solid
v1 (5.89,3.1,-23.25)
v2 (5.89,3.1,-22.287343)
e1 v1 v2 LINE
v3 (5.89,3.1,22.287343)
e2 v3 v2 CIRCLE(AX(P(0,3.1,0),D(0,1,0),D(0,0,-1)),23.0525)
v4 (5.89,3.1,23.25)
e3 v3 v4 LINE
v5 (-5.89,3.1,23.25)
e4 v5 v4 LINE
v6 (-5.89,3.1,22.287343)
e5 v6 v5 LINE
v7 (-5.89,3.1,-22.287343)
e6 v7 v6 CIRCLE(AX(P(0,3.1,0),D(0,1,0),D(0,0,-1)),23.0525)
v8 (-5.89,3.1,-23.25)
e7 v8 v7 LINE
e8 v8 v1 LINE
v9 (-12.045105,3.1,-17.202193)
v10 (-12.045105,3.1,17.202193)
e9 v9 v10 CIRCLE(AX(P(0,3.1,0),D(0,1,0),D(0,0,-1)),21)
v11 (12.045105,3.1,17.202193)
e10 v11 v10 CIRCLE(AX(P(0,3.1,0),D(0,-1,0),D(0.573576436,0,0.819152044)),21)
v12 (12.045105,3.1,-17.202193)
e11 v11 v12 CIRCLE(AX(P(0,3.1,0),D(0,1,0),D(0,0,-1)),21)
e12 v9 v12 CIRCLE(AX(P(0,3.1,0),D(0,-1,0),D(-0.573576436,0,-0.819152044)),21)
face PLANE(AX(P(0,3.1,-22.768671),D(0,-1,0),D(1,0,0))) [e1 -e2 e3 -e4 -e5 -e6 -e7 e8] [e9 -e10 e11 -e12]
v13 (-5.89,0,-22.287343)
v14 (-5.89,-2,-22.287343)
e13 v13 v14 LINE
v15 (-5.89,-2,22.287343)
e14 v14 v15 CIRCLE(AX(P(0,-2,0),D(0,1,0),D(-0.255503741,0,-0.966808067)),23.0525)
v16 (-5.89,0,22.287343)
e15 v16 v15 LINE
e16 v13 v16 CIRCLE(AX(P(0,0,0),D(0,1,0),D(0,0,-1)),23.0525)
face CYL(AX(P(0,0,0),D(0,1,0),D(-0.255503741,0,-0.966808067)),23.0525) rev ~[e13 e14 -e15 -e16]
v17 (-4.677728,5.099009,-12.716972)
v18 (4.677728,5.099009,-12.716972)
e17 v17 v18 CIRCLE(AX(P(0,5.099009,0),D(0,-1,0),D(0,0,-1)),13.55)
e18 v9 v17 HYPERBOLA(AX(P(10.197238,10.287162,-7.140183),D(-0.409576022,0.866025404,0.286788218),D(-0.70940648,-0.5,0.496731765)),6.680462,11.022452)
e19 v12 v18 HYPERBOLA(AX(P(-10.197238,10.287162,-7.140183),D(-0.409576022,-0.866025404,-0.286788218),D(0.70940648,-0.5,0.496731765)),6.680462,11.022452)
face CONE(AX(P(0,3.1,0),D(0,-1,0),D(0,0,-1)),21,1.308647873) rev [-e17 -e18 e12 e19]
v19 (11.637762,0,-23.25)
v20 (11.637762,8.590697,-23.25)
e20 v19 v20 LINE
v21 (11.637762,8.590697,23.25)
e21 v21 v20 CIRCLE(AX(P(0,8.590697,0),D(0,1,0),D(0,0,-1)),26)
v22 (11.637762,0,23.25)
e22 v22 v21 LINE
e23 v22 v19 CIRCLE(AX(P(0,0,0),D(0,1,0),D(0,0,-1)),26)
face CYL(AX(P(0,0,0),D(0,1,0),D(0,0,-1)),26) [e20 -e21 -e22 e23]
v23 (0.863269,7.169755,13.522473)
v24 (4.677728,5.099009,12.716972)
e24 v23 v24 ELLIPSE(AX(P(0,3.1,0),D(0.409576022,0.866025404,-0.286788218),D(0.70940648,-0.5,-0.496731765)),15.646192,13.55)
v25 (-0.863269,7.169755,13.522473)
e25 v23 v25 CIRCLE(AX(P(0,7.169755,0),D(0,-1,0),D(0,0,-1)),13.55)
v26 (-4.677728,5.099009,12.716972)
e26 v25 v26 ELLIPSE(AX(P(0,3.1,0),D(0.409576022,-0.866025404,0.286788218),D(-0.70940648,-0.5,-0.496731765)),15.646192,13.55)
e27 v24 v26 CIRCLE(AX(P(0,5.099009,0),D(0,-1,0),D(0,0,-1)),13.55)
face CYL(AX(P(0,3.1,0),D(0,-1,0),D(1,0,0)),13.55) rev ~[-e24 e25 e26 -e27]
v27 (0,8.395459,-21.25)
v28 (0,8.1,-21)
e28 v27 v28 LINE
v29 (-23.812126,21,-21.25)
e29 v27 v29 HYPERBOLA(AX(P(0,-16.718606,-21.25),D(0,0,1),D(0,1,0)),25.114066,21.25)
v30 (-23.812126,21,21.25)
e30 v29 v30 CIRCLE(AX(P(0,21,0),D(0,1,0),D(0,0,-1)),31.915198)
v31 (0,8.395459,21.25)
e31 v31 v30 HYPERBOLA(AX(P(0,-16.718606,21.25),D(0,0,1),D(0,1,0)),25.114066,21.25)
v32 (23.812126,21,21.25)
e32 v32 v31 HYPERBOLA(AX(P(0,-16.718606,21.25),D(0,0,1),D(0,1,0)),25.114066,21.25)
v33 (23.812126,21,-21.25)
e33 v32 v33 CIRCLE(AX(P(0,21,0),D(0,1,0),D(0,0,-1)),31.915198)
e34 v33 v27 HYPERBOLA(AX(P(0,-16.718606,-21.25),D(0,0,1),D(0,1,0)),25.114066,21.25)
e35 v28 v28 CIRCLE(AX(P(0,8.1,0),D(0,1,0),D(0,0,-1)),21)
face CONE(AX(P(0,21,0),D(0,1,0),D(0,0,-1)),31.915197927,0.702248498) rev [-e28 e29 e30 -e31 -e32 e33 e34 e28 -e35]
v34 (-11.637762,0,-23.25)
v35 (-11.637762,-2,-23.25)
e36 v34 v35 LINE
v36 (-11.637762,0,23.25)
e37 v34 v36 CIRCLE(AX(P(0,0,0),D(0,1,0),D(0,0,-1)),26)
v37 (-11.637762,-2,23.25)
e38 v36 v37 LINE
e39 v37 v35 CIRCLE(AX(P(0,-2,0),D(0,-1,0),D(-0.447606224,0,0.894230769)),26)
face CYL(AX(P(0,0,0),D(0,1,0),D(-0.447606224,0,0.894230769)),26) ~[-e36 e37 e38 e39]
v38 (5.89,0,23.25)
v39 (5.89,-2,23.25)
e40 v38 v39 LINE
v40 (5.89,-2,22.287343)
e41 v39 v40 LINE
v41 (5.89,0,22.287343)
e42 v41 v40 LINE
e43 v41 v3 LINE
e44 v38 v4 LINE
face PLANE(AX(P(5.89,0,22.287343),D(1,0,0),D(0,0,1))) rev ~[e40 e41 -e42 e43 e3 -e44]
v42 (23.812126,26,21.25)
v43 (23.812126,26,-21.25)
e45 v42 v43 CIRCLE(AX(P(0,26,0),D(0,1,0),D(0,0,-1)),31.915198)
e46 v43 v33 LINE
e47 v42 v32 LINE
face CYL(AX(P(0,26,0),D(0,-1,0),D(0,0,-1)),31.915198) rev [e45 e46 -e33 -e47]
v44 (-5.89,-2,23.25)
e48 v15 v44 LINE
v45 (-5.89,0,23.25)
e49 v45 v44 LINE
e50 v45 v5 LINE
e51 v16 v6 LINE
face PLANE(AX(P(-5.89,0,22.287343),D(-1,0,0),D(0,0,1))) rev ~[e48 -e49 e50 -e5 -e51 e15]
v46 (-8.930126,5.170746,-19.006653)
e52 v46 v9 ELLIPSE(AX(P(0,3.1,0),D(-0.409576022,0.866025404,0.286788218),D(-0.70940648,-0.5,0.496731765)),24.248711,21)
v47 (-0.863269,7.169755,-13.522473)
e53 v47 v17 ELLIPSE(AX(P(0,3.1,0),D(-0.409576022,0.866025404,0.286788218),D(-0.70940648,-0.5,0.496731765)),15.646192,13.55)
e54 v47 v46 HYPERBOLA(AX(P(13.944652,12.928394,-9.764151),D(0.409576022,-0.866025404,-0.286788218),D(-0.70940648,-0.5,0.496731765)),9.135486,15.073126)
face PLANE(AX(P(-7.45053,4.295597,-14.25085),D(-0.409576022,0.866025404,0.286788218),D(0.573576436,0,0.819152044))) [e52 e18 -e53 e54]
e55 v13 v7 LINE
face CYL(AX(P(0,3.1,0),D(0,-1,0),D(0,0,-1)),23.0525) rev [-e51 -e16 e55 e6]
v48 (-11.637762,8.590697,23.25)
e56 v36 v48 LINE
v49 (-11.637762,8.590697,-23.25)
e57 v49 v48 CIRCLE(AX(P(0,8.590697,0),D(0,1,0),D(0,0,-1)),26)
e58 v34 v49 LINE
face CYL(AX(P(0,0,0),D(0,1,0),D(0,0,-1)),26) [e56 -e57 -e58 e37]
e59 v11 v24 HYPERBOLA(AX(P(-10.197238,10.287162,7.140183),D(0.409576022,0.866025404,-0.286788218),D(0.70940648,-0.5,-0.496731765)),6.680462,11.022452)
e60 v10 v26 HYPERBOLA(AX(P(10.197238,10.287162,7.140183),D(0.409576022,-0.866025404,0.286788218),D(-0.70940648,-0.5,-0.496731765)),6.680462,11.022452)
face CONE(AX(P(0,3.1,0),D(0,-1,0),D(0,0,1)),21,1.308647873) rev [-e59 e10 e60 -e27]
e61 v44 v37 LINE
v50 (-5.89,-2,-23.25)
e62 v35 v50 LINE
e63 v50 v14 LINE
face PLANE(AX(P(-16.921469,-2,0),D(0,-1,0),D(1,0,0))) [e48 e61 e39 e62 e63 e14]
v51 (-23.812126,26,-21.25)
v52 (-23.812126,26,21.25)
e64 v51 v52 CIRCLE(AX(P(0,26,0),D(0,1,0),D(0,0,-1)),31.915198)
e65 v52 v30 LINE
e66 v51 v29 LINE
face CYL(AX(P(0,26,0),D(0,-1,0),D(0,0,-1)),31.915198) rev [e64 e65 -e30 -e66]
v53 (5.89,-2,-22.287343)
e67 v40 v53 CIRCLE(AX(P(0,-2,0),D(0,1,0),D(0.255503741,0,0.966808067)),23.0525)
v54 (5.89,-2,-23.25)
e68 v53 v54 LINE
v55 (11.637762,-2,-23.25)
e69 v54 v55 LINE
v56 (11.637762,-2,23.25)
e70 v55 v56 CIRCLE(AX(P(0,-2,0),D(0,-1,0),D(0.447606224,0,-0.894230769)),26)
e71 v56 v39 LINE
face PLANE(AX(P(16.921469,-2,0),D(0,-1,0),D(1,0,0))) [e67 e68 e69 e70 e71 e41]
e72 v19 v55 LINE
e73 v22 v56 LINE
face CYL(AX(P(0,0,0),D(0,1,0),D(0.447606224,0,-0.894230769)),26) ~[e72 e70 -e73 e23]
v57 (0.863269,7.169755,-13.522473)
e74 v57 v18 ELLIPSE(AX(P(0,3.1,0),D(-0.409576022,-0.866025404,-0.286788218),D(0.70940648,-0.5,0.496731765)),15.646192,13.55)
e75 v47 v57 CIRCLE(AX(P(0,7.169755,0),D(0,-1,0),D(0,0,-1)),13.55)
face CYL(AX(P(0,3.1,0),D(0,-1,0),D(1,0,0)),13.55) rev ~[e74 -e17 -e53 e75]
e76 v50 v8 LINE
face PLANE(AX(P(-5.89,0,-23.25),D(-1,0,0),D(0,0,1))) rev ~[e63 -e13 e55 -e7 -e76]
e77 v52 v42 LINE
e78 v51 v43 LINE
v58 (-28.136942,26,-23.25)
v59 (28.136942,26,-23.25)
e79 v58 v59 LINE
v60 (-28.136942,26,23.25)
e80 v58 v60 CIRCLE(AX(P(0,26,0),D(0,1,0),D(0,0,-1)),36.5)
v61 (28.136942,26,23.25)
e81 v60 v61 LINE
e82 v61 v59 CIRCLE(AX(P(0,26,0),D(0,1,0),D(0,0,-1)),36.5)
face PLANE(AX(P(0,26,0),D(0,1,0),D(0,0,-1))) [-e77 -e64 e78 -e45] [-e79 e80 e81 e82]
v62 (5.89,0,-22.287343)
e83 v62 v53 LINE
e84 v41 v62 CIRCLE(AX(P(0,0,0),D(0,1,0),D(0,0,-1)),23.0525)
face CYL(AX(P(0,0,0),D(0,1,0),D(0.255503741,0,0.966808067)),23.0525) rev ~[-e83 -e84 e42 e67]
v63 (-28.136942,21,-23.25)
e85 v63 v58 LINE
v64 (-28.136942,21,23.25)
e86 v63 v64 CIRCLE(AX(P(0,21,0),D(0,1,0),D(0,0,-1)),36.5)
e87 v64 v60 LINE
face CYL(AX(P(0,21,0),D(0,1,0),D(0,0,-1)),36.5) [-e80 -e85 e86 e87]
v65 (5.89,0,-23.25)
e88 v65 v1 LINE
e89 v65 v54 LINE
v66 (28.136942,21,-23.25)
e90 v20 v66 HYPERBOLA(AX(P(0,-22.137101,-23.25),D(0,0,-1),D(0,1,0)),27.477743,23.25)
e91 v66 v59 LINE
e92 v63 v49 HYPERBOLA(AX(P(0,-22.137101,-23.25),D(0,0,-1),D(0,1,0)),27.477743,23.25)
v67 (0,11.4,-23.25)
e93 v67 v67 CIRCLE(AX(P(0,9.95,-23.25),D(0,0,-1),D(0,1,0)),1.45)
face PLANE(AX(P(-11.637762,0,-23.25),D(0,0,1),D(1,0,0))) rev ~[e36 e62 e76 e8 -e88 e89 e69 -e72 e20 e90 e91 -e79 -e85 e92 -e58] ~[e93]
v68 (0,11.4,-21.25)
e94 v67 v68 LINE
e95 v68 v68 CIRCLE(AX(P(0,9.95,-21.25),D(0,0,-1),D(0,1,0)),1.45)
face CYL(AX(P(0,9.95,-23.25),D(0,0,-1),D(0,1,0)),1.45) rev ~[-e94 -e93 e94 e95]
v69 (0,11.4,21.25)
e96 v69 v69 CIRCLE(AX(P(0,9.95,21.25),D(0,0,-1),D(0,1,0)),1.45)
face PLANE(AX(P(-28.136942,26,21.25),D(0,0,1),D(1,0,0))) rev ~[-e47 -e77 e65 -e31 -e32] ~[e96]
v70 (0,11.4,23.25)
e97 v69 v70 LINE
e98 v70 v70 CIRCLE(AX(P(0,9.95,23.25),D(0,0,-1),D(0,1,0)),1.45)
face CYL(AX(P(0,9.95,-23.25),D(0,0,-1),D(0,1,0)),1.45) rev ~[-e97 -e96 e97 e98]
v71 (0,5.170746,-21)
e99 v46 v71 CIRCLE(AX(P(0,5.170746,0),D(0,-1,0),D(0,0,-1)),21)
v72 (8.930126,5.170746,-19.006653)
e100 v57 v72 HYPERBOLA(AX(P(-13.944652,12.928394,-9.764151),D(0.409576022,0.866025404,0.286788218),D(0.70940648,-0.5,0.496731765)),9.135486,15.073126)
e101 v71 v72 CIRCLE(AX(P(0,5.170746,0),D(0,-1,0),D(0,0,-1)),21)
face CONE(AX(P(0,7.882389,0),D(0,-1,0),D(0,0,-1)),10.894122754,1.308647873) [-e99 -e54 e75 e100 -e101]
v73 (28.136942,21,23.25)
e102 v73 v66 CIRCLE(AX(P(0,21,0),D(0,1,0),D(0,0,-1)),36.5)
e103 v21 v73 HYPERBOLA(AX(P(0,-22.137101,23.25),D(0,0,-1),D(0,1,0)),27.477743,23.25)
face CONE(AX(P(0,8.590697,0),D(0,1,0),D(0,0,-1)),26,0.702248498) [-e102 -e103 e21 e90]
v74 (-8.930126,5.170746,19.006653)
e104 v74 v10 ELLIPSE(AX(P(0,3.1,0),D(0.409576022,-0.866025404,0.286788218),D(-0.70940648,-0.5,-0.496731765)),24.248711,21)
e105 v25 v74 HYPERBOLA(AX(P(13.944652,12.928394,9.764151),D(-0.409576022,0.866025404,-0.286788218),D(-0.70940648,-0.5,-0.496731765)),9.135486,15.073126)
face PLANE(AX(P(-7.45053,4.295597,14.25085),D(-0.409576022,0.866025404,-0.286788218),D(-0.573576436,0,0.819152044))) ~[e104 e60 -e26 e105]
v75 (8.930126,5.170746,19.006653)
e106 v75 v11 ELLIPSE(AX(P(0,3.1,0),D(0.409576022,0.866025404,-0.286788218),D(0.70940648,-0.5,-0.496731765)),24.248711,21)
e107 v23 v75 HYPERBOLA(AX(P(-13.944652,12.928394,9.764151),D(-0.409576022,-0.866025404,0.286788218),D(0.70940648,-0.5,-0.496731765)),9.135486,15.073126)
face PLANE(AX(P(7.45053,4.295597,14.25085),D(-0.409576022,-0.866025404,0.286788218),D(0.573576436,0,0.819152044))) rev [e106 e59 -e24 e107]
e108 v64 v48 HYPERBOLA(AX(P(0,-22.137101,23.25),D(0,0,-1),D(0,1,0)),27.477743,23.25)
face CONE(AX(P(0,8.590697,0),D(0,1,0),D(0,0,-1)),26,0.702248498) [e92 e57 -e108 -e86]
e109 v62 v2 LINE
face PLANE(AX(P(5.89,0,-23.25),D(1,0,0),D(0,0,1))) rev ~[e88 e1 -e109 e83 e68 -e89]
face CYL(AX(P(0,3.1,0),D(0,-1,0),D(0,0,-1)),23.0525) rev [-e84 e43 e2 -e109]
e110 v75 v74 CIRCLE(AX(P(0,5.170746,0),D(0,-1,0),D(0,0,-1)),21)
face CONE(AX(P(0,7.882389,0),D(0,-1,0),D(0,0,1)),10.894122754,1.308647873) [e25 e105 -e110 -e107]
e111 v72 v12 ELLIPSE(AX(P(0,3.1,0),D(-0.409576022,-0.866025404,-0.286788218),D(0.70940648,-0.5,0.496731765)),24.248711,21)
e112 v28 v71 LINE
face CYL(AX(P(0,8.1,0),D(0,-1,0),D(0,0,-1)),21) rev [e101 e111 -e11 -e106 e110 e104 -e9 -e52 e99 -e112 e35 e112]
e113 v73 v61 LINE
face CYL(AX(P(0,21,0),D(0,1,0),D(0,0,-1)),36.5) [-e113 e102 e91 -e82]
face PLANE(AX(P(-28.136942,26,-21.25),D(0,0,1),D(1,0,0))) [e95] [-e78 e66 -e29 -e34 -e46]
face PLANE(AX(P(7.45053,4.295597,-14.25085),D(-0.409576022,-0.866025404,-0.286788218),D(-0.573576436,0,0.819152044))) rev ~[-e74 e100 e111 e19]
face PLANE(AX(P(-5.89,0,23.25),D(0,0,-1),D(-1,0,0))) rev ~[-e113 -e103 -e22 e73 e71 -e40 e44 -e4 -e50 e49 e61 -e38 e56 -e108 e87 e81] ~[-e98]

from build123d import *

# Parameters (mm, degrees)
SKETCH2_W           = 56.273883818
SKETCH2_H           = 13.25
CUT_EXTRUDE1_DEPTH  = 58.797058749
BOSS_EXTRUDE2_REACH = 52.486
SKETCH6_W           = 56.273883818
SKETCH6_H           = 2
SKETCH3_W           = 11.78
SKETCH3_H           = 0.962657039
CUT_EXTRUDE2_DEPTH  = 3.1
SKETCH7_R           = 1.45
CUT_EXTRUDE3_DEPTH  = 65.579408483
REVOLVE2_ANGLE      = 70
BOSS_EXTRUDE5_DEPTH = 2
SKETCH16_R          = 13.55
CUT_EXTRUDE6_DEPTH  = 49.961438909
DRAFT11_ANGLE       = -60


with BuildPart() as part:
    # Sketch1 → Revolve1 (revolve)
    with BuildSketch(Plane(origin=(0, 0, 0), x_dir=(0, 0, -1), z_dir=(1, 0, 0)), mode=Mode.PRIVATE) as revolve1_sk:
        Polygon((-26, 0), (-26, 8.590696852), (-36.5, 21), (-36.5, 26), (-31.915197927, 26), (-31.915197927, 21), (-21, 8.1), (-21, 3.1), (-23.0525, 3.1), (-23.0525, 0), align=None)
    revolve(revolve1_sk.sketch.rotate(Axis((0, 0, 0), (0, 1, 0)), 180), axis=Axis((0, 0, 0), (0, 1, 0)))

    # Sketch2 → Cut-Extrude1 (cut, through all)
    with BuildSketch(Plane.XZ):
        with Locations((0, -29.875)):
            Rectangle(SKETCH2_W, SKETCH2_H)
        with Locations((0, 29.875)):
            Rectangle(SKETCH2_W, SKETCH2_H)
    extrude(amount=-CUT_EXTRUDE1_DEPTH, mode=Mode.SUBTRACT)

    # Boss-Extrude2: up to this cone (the profile starts inside it)
    boss_extrude2_end = Plane(origin=(0, 26, 0), z_dir=(0, 1, 0)).offset(-42.718605296) * Cone(1e-06, 111.563900484, 131.850500094, align=(Align.CENTER, Align.CENTER, Align.MIN), mode=Mode.PRIVATE)
    # Sketch6 → Boss-Extrude2 (add, up to the surface)
    with BuildSketch(Plane(origin=(0, 26, 0), x_dir=(1, 0, 0), z_dir=(0, 1, 0)), mode=Mode.PRIVATE) as boss_extrude2_sk1:
        with Locations((0, 22.25)):
            Rectangle(SKETCH6_W, SKETCH6_H)
    boss_extrude2_tool1 = extrude(boss_extrude2_sk1.sketch, amount=-BOSS_EXTRUDE2_REACH, mode=Mode.PRIVATE) & boss_extrude2_end
    add(boss_extrude2_tool1.solids().sort_by_distance((0, 26, -22.25))[0])
    # Sketch6 → Boss-Extrude2 (add, up to the surface)
    with BuildSketch(Plane(origin=(0, 26, 0), x_dir=(1, 0, 0), z_dir=(0, 1, 0)), mode=Mode.PRIVATE) as boss_extrude2_sk2:
        with Locations((0, -22.25)):
            Rectangle(SKETCH6_W, SKETCH6_H)
    boss_extrude2_tool2 = extrude(boss_extrude2_sk2.sketch, amount=-BOSS_EXTRUDE2_REACH, mode=Mode.PRIVATE) & boss_extrude2_end
    add(boss_extrude2_tool2.solids().sort_by_distance((0, 26, 22.25))[0])

    # Sketch3 → Cut-Extrude2 (cut)
    with BuildSketch(Plane.XZ):
        with Locations((0, -22.768671481)):
            Rectangle(SKETCH3_W, SKETCH3_H)
        with Locations((0, 22.768671481)):
            Rectangle(SKETCH3_W, SKETCH3_H)
    extrude(amount=-CUT_EXTRUDE2_DEPTH, mode=Mode.SUBTRACT)

    # Sketch7 → Cut-Extrude3 (cut, through all)
    with BuildSketch(Plane(origin=(0, 0, -23.25), x_dir=(-1, 0, 0), z_dir=(0, 0, -1))):
        with Locations(Location((0, 9.95, 0), (0, 0, 90))):
            Circle(SKETCH7_R)
    extrude(amount=-CUT_EXTRUDE3_DEPTH, mode=Mode.SUBTRACT)

    # Sketch9 → Revolve2 (revolve, symmetric)
    with BuildSketch(Plane(origin=(0, 0, 0), x_dir=(0, 0, -1), z_dir=(1, 0, 0))) as revolve2_sk:
        Polygon((21.518312402, 5.031670845), (21, 3.1), (10.375810352, 5.950718212), (10.894122754, 7.882389057), align=None)
    revolve2 = revolve(axis=Axis((0, 0, 0), (0, 1, 0)), revolution_arc=REVOLVE2_ANGLE / 2)
    revolve2 = revolve2 + revolve(revolve2_sk.sketch, axis=Axis((0, 0, 0), (0, -1, 0)), revolution_arc=REVOLVE2_ANGLE / 2)

    # Mirror3: Revolve2 across plane
    add(revolve2.mirror(Plane.XY))

    # Sketch13 → Boss-Extrude5 (add)
    with BuildSketch(Plane.XZ):
        with BuildLine():
            Line((-5.89, -23.25), (-5.89, -22.287342961))
            ThreePointArc((-5.89, -22.287342961), (-23.0525, 0), (-5.89, 22.287342961))
            Line((-5.89, 22.287342961), (-5.89, 23.25))
            Line((-5.89, 23.25), (-11.637761812, 23.25))
            ThreePointArc((-11.637761812, 23.25), (-26, 0), (-11.637761812, -23.25))
            Line((-11.637761812, -23.25), (-5.89, -23.25))
        make_face()
        with BuildLine():
            Line((5.89, -22.287342961), (5.89, -23.25))
            Line((5.89, -23.25), (11.637761812, -23.25))
            ThreePointArc((11.637761812, -23.25), (26, 0), (11.637761812, 23.25))
            Line((11.637761812, 23.25), (5.89, 23.25))
            Line((5.89, 23.25), (5.89, 22.287342961))
            ThreePointArc((5.89, 22.287342961), (23.0525, 0), (5.89, -22.287342961))
        make_face()
    extrude(amount=BOSS_EXTRUDE5_DEPTH)

    # Sketch16 → Cut-Extrude6 (cut, through all)
    with BuildSketch(Plane.XZ.offset(-3.1)):
        Circle(SKETCH16_R)
    extrude(amount=-CUT_EXTRUDE6_DEPTH, mode=Mode.SUBTRACT)

    # Draft11
    draft11_faces = [part.faces().sort_by_distance(p)[0] for p in [
        (9.908532938, 5.134877582, 14.150851565),
        (-9.908532938, 5.134877582, 14.150851565),
        (9.908532938, 5.134877582, -14.150851565),
        (-9.908532938, 5.134877582, -14.150851565),
    ]]
    draft(draft11_faces, Plane(origin=(0, 3.1, 0), x_dir=(0, 0, -1), z_dir=(0, -1, 0)), DRAFT11_ANGLE)


solid = part.part
